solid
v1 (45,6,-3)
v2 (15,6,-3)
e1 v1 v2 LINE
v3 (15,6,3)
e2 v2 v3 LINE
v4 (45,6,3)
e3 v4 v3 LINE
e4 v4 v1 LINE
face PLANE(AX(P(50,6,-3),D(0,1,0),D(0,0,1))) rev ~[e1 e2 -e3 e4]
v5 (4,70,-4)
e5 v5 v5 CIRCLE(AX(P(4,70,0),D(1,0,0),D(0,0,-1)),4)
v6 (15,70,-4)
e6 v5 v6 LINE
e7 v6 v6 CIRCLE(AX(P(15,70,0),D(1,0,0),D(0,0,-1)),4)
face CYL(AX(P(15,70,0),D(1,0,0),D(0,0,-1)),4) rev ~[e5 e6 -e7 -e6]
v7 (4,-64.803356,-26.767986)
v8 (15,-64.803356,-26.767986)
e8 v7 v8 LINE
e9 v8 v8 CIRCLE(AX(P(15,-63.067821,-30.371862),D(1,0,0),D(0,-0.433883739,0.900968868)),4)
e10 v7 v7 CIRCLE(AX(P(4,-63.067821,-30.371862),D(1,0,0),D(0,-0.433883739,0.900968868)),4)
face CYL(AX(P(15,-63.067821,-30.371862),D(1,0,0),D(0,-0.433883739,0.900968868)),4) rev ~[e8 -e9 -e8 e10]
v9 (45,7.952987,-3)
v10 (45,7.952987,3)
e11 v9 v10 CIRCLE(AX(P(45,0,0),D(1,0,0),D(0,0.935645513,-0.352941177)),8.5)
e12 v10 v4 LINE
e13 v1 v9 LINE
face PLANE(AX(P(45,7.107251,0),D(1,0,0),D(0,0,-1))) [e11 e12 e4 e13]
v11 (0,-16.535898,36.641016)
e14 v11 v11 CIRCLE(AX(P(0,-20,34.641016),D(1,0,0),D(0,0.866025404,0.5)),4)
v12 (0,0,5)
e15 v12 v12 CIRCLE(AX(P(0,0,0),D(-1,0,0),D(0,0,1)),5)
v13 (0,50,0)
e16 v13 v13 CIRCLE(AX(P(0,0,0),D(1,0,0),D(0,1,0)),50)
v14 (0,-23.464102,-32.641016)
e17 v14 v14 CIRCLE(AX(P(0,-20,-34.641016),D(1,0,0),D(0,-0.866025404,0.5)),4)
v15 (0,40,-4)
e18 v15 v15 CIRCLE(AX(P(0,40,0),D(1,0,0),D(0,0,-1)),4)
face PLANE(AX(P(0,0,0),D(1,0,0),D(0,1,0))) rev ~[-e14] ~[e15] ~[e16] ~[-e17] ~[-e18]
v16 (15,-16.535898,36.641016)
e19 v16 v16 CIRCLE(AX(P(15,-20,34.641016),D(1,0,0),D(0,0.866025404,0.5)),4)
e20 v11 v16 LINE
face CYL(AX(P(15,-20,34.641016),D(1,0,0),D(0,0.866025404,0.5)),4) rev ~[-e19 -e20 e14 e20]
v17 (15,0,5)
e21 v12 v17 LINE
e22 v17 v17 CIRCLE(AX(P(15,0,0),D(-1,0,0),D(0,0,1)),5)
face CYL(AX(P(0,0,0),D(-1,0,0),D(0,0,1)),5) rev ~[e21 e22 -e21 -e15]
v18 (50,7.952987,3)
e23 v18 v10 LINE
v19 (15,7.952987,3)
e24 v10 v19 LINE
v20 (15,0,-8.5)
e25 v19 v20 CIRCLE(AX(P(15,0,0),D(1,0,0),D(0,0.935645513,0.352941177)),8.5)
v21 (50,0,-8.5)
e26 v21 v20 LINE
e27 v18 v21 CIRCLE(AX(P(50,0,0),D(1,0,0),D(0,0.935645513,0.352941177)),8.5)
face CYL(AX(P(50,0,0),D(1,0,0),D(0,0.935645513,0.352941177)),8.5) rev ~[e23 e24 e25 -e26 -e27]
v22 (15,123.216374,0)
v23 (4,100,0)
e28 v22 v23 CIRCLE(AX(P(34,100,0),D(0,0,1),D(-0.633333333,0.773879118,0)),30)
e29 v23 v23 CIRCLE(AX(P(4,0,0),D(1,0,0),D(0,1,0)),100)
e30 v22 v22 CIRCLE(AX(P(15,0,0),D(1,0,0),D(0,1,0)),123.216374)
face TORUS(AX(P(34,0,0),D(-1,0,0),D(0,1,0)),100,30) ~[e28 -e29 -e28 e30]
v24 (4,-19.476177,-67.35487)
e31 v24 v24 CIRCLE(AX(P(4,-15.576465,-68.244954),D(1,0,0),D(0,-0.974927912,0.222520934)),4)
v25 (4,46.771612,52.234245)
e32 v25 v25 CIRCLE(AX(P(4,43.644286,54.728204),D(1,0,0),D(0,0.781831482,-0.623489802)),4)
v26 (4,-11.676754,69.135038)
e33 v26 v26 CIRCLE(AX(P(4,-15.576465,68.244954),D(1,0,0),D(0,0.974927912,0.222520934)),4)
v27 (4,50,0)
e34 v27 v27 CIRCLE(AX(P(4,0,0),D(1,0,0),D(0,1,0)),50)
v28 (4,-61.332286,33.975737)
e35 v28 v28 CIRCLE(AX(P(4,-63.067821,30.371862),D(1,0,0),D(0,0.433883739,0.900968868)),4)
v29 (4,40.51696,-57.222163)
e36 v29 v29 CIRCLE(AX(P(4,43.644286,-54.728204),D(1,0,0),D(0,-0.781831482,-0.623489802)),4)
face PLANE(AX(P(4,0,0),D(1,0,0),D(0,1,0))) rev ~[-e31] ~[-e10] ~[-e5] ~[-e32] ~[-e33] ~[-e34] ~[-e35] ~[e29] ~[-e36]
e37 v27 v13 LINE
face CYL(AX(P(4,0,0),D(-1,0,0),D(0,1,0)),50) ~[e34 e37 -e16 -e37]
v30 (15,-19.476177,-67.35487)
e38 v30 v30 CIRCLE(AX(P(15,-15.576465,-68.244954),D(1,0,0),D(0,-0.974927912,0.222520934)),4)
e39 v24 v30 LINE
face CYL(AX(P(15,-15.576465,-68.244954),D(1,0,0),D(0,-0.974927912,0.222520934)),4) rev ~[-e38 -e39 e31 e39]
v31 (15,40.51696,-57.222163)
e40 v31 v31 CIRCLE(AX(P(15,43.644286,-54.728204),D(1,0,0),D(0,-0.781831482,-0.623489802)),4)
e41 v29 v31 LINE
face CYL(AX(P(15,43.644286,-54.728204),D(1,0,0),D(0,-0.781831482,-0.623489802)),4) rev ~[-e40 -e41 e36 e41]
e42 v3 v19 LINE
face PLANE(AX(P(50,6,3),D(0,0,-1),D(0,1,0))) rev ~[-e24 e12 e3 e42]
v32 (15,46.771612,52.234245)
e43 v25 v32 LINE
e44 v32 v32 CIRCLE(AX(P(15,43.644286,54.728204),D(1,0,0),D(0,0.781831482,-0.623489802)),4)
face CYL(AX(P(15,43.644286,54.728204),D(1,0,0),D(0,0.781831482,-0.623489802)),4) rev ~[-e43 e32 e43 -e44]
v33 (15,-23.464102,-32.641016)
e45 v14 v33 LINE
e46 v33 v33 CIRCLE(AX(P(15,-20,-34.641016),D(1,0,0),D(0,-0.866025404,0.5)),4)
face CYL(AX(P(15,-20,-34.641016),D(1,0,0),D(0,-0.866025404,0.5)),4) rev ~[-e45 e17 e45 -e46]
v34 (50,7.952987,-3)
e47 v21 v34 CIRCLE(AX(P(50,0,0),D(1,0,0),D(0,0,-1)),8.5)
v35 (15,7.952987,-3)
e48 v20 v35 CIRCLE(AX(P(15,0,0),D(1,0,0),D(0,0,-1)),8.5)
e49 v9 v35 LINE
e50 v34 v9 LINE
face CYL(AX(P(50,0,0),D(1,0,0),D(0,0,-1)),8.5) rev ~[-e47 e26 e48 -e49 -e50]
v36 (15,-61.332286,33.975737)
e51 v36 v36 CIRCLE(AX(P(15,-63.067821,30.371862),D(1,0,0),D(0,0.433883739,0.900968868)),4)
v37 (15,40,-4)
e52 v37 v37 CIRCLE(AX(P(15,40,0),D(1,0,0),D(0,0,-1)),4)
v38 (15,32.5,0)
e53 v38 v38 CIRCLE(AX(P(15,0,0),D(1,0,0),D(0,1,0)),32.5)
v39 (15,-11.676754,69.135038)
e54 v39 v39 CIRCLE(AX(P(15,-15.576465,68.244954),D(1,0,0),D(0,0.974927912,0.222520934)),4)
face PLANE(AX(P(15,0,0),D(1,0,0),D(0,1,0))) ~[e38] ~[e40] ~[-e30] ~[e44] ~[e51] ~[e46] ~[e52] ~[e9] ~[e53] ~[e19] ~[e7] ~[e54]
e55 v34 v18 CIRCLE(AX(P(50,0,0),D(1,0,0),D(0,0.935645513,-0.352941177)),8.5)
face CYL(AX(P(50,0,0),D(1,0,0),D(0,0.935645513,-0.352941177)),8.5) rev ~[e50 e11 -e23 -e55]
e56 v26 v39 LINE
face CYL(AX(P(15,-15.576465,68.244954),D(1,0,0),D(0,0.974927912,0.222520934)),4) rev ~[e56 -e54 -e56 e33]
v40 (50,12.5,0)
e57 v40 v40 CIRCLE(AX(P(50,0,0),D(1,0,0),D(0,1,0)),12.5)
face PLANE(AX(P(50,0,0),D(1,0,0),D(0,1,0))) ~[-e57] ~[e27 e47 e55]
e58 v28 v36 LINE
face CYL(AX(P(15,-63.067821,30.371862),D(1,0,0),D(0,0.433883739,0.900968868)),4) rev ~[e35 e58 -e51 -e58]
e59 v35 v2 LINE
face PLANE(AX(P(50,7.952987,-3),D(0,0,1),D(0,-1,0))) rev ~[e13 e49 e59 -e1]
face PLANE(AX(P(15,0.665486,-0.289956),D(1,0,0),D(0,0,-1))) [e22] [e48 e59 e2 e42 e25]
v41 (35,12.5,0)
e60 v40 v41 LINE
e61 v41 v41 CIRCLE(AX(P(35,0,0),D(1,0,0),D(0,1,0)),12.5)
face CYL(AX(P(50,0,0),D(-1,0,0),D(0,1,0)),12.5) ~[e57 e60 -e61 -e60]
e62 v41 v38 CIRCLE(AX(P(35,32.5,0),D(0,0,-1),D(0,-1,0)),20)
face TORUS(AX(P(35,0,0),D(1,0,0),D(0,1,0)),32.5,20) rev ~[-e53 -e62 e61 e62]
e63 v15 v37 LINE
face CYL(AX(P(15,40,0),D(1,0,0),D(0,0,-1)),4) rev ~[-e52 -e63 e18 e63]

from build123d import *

# Parameters (mm, degrees)
CUT_EXTRUDE_1_DEPTH      = 35
CUT_EXTRUDE_3_DEPTH      = 5
SKETCH_5_R               = 5
CUT_EXTRUDE_4_DEPTH      = 25
SKETCH_6_R               = 4
CUT_EXTRUDE_5_DEPTH      = 178.734491343
PATTERN_CIRCULAR_1_COUNT = 7
SKETCH_7_R               = 4
CUT_EXTRUDE_6_DEPTH      = 178.734491343
PATTERN_CIRCULAR_2_COUNT = 3


with BuildPart() as part:
    # 草图1 → 旋转1 (revolve)
    with BuildSketch(Plane.XY):
        with BuildLine():
            Line((0, 0), (50, 0))
            Line((50, 0), (50, 12.5))
            Line((50, 12.5), (35, 12.5))
            ThreePointArc((35, 12.5), (20.857864376, 18.357864376), (15, 32.5))
            Line((15, 32.5), (15, 123.216373532))
            ThreePointArc((15, 123.216373532), (6.889116577, 112.845232579), (4, 100))
            Line((4, 100), (4, 50))
            Line((4, 50), (0, 50))
            Line((0, 50), (0, 0))
        make_face()
    revolve(axis=Axis((0, 0, 0), (1, 0, 0)))

    # 草图3 → 切除-拉伸1 (cut)
    with BuildSketch(Plane(origin=(50, 0, 0), x_dir=(0, 0, -1), z_dir=(1, 0, 0))):
        with BuildLine():
            Line((-3, 6), (-3, 7.95298686))
            ThreePointArc((-3, 7.95298686), (-4.834769901, -6.991065727), (8.5, 0))
            ThreePointArc((8.5, 0), (6.991065727, 4.834769901), (3, 7.95298686))
            Line((3, 7.95298686), (3, 6))
            Line((3, 6), (-3, 6))
        make_face()
    extrude(amount=-CUT_EXTRUDE_1_DEPTH, mode=Mode.SUBTRACT)

    # 草图3<4> → 切除-拉伸3 (cut)
    with BuildSketch(Plane(origin=(50, 0, 0), x_dir=(0, 0, -1), z_dir=(1, 0, 0))):
        with BuildLine():
            Line((-3, 7.95298686), (-3, 6))
            Line((-3, 6), (3, 6))
            Line((3, 6), (3, 7.95298686))
            ThreePointArc((3, 7.95298686), (0, 8.5), (-3, 7.95298686))
        make_face()
    extrude(amount=-CUT_EXTRUDE_3_DEPTH, mode=Mode.SUBTRACT)

    # 草图5 → 切除-拉伸4 (cut)
    with BuildSketch(Plane.ZY):
        Circle(SKETCH_5_R)
    extrude(amount=-CUT_EXTRUDE_4_DEPTH, mode=Mode.SUBTRACT)

    # 草图6 → 切除-拉伸5 (cut, symmetric)
    with BuildSketch(Plane(origin=(15, 0, 0), x_dir=(0, 0, -1), z_dir=(1, 0, 0))):
        with Locations((0, 70)):
            Circle(SKETCH_6_R)
    cut_extrude_5 = extrude(amount=CUT_EXTRUDE_5_DEPTH, both=True, mode=Mode.SUBTRACT)

    # 阵列(圆周)1: 切除-拉伸5 ×7 about axis
    pattern_circular_1_axis = Axis((35, 0, 0), (-1, 0, 0))
    for i in range(1, PATTERN_CIRCULAR_1_COUNT):
        add(cut_extrude_5.rotate(pattern_circular_1_axis, i * 360 / PATTERN_CIRCULAR_1_COUNT), mode=Mode.SUBTRACT)

    # 草图7 → 切除-拉伸6 (cut, symmetric)
    with BuildSketch(Plane(origin=(15, 0, 0), x_dir=(0, 0, -1), z_dir=(1, 0, 0))):
        with Locations((0, 40)):
            Circle(SKETCH_7_R)
    cut_extrude_6 = extrude(amount=CUT_EXTRUDE_6_DEPTH, both=True, mode=Mode.SUBTRACT)

    # 阵列(圆周)2: 切除-拉伸6 ×3 about axis
    pattern_circular_2_axis = Axis((50, 0, 0), (1, 0, 0))
    for i in range(1, PATTERN_CIRCULAR_2_COUNT):
        add(cut_extrude_6.rotate(pattern_circular_2_axis, i * 360 / PATTERN_CIRCULAR_2_COUNT), mode=Mode.SUBTRACT)


solid = part.part
